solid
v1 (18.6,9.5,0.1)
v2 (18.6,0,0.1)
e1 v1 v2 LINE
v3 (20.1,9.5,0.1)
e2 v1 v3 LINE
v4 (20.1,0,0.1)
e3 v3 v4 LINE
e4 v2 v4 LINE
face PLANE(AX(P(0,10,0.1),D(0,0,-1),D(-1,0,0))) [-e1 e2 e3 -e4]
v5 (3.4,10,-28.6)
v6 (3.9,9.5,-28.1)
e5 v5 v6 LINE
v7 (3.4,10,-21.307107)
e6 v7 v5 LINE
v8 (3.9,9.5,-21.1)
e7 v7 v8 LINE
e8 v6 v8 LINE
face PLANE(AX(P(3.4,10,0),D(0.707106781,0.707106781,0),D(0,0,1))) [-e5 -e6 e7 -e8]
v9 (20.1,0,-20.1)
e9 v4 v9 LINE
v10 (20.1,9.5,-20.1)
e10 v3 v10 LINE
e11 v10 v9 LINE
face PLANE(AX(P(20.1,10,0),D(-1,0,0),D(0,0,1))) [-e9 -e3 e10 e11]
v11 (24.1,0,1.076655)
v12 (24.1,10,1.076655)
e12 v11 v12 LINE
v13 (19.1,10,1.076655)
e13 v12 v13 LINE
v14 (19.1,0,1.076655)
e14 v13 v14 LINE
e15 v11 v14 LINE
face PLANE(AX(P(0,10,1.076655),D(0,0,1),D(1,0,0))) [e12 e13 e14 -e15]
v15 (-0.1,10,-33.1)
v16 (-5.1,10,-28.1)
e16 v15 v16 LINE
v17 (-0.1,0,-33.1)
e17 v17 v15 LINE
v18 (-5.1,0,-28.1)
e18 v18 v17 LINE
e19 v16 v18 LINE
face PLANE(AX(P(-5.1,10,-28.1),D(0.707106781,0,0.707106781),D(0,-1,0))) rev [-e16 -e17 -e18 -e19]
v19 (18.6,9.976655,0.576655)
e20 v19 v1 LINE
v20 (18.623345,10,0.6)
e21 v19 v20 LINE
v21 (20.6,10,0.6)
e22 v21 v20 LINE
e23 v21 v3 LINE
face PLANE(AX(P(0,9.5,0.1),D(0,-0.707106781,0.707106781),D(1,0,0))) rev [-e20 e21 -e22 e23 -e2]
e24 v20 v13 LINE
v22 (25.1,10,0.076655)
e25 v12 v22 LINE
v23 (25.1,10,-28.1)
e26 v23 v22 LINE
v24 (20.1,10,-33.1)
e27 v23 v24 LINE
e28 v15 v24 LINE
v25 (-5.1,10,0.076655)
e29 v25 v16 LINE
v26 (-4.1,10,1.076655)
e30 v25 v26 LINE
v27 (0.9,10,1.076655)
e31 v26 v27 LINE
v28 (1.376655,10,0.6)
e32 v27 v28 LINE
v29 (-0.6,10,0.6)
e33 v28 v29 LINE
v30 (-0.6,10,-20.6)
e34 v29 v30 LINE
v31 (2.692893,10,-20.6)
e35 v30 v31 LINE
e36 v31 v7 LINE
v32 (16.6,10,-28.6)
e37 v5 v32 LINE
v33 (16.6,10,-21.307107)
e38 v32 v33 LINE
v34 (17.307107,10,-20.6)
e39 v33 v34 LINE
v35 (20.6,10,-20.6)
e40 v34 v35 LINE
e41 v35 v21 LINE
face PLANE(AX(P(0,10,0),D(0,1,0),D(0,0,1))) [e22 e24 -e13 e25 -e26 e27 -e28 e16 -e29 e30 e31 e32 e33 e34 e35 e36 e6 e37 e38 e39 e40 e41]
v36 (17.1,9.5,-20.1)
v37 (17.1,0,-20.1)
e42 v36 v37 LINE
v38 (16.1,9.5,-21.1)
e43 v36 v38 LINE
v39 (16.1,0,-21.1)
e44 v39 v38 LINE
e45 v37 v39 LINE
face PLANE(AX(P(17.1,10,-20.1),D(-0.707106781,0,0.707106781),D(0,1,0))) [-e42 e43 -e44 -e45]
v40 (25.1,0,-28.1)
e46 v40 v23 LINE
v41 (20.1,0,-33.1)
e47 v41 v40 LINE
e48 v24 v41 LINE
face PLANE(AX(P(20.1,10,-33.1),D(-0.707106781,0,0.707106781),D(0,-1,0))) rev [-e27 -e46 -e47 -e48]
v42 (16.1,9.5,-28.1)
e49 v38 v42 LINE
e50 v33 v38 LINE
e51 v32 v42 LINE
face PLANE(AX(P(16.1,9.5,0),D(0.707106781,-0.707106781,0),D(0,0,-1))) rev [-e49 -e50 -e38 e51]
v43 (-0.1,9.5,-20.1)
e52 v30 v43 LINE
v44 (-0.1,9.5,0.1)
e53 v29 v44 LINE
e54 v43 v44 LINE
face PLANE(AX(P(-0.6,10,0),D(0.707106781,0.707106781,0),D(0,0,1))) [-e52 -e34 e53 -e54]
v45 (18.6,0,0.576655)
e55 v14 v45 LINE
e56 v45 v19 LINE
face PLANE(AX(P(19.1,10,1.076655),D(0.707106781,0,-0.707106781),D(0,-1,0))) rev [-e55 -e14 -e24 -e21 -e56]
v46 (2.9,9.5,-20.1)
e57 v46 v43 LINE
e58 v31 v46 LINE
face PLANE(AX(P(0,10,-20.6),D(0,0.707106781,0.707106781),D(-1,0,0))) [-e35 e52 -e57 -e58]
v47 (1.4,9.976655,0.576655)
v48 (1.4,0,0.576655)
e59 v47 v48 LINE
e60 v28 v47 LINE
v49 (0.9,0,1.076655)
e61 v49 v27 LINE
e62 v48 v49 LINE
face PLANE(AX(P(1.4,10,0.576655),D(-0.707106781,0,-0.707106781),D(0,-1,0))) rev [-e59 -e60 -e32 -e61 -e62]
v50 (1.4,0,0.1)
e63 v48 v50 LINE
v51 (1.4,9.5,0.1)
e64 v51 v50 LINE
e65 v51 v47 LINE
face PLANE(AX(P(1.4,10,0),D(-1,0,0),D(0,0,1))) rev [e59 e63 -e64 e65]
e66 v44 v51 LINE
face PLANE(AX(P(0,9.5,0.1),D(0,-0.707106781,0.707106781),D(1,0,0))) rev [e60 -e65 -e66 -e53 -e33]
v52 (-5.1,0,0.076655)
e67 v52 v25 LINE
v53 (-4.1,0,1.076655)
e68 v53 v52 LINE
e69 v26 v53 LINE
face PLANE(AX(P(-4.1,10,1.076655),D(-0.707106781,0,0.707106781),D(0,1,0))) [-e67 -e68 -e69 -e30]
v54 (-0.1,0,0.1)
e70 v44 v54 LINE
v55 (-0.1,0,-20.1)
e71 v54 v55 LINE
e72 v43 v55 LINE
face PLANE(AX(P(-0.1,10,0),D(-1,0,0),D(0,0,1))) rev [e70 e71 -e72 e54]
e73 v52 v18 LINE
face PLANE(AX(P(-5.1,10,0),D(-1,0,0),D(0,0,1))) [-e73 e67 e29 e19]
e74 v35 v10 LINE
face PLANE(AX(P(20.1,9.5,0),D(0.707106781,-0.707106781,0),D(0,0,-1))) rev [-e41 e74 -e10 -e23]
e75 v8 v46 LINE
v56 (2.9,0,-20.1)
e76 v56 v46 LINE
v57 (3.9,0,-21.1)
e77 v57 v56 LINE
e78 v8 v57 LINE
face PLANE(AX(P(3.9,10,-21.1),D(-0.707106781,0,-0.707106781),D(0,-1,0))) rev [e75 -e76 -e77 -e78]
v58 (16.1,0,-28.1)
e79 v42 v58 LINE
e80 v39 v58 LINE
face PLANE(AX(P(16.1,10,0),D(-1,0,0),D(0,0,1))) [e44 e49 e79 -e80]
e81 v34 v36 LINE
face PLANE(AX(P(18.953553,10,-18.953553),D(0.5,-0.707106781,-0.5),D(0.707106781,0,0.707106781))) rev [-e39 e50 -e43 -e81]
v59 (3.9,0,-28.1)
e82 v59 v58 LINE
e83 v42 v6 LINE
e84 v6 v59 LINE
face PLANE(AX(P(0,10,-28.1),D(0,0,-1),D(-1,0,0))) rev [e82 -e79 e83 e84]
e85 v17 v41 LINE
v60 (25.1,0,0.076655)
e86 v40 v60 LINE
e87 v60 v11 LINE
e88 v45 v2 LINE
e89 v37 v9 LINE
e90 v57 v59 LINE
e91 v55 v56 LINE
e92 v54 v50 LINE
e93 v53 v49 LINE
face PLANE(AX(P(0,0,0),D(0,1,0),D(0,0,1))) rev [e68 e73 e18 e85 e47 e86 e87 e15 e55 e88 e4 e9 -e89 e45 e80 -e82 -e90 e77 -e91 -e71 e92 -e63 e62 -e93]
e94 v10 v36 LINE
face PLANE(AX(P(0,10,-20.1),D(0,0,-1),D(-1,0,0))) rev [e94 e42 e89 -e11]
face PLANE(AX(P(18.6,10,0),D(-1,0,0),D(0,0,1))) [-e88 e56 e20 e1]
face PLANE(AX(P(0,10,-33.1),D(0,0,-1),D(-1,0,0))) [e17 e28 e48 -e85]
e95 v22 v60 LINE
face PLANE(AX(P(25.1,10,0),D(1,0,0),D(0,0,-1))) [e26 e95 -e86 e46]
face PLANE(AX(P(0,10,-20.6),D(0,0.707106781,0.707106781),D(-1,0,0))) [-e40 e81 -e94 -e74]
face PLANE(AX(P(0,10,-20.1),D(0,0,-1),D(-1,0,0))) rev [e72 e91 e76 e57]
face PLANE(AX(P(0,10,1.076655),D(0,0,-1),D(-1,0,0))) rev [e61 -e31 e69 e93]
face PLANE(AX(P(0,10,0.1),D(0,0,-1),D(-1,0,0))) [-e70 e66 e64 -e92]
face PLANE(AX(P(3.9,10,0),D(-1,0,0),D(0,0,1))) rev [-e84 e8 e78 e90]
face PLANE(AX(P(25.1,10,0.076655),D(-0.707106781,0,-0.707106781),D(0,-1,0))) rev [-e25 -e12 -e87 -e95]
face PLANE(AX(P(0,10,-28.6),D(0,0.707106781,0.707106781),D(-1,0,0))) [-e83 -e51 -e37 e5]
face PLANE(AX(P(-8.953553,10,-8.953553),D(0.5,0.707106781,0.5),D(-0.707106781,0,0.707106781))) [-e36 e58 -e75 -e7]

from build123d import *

# Parameters (mm, degrees)
BOSS_EXTRUDE1_DEPTH = 10
CHAMFER1_SIZE       = 5
CHAMFER3_SIZE       = 1
CHAMFER4_SIZE       = 0.5
CHAMFER5_SIZE       = 0.5


with BuildPart() as part:
    # Sketch1 → Boss-Extrude1 (new body)
    with BuildSketch(Plane(origin=(0, 0, 0), x_dir=(1, 0, 0), z_dir=(0, 1, 0))):
        Polygon((-0.1, 0), (-0.1, 20.1), (3.9, 20.1), (3.9, 28.1), (16.1, 28.1), (16.1, 20.1), (20.1, 20.1), (20.1, 0), (20.1, -0.1), (18.6, -0.1), (18.6, -1.076654702), (25.1, -1.076654702), (25.1, 10), (25.1, 33.1), (-5.1, 33.1), (-5.1, 10), (-5.1, -1.076654702), (1.4, -1.076654702), (1.4, -0.1), (-0.1, -0.1), align=None)
    extrude(amount=BOSS_EXTRUDE1_DEPTH)

    # Chamfer1
    chamfer1_edges = [part.edges().sort_by_distance(p)[0] for p in [
        (-5.1, 5, -33.1),
        (25.1, 5, -33.1),
    ]]
    chamfer(chamfer1_edges, length=CHAMFER1_SIZE)

    # Chamfer3
    chamfer3_edges = [part.edges().sort_by_distance(p)[0] for p in [
        (16.1, 5, -20.1),
        (3.9, 5, -20.1),
        (-5.1, 5, 1.076654702),
        (25.1, 5, 1.076654702),
    ]]
    chamfer(chamfer3_edges, length=CHAMFER3_SIZE)

    # Chamfer4
    chamfer4_edges = [part.edges().sort_by_distance(p)[0] for p in [
        (0.65, 10, 0.1),
        (-0.1, 10, -10),
        (1.4, 10, -20.1),
        (10, 10, -28.1),
        (3.9, 10, -24.6),
        (16.1, 10, -24.6),
        (18.6, 10, -20.1),
        (3.4, 10, -20.6),
        (16.6, 10, -20.6),
        (20.1, 10, -10.05),
        (19.35, 10, 0.1),
    ]]
    chamfer(chamfer4_edges, length=CHAMFER4_SIZE)

    # Chamfer5
    chamfer5_edges = [part.edges().sort_by_distance(p)[0] for p in [
        (18.6, 5, 1.076654702),
        (1.4, 5, 1.076654702),
    ]]
    chamfer(chamfer5_edges, length=CHAMFER5_SIZE)


solid = part.part
